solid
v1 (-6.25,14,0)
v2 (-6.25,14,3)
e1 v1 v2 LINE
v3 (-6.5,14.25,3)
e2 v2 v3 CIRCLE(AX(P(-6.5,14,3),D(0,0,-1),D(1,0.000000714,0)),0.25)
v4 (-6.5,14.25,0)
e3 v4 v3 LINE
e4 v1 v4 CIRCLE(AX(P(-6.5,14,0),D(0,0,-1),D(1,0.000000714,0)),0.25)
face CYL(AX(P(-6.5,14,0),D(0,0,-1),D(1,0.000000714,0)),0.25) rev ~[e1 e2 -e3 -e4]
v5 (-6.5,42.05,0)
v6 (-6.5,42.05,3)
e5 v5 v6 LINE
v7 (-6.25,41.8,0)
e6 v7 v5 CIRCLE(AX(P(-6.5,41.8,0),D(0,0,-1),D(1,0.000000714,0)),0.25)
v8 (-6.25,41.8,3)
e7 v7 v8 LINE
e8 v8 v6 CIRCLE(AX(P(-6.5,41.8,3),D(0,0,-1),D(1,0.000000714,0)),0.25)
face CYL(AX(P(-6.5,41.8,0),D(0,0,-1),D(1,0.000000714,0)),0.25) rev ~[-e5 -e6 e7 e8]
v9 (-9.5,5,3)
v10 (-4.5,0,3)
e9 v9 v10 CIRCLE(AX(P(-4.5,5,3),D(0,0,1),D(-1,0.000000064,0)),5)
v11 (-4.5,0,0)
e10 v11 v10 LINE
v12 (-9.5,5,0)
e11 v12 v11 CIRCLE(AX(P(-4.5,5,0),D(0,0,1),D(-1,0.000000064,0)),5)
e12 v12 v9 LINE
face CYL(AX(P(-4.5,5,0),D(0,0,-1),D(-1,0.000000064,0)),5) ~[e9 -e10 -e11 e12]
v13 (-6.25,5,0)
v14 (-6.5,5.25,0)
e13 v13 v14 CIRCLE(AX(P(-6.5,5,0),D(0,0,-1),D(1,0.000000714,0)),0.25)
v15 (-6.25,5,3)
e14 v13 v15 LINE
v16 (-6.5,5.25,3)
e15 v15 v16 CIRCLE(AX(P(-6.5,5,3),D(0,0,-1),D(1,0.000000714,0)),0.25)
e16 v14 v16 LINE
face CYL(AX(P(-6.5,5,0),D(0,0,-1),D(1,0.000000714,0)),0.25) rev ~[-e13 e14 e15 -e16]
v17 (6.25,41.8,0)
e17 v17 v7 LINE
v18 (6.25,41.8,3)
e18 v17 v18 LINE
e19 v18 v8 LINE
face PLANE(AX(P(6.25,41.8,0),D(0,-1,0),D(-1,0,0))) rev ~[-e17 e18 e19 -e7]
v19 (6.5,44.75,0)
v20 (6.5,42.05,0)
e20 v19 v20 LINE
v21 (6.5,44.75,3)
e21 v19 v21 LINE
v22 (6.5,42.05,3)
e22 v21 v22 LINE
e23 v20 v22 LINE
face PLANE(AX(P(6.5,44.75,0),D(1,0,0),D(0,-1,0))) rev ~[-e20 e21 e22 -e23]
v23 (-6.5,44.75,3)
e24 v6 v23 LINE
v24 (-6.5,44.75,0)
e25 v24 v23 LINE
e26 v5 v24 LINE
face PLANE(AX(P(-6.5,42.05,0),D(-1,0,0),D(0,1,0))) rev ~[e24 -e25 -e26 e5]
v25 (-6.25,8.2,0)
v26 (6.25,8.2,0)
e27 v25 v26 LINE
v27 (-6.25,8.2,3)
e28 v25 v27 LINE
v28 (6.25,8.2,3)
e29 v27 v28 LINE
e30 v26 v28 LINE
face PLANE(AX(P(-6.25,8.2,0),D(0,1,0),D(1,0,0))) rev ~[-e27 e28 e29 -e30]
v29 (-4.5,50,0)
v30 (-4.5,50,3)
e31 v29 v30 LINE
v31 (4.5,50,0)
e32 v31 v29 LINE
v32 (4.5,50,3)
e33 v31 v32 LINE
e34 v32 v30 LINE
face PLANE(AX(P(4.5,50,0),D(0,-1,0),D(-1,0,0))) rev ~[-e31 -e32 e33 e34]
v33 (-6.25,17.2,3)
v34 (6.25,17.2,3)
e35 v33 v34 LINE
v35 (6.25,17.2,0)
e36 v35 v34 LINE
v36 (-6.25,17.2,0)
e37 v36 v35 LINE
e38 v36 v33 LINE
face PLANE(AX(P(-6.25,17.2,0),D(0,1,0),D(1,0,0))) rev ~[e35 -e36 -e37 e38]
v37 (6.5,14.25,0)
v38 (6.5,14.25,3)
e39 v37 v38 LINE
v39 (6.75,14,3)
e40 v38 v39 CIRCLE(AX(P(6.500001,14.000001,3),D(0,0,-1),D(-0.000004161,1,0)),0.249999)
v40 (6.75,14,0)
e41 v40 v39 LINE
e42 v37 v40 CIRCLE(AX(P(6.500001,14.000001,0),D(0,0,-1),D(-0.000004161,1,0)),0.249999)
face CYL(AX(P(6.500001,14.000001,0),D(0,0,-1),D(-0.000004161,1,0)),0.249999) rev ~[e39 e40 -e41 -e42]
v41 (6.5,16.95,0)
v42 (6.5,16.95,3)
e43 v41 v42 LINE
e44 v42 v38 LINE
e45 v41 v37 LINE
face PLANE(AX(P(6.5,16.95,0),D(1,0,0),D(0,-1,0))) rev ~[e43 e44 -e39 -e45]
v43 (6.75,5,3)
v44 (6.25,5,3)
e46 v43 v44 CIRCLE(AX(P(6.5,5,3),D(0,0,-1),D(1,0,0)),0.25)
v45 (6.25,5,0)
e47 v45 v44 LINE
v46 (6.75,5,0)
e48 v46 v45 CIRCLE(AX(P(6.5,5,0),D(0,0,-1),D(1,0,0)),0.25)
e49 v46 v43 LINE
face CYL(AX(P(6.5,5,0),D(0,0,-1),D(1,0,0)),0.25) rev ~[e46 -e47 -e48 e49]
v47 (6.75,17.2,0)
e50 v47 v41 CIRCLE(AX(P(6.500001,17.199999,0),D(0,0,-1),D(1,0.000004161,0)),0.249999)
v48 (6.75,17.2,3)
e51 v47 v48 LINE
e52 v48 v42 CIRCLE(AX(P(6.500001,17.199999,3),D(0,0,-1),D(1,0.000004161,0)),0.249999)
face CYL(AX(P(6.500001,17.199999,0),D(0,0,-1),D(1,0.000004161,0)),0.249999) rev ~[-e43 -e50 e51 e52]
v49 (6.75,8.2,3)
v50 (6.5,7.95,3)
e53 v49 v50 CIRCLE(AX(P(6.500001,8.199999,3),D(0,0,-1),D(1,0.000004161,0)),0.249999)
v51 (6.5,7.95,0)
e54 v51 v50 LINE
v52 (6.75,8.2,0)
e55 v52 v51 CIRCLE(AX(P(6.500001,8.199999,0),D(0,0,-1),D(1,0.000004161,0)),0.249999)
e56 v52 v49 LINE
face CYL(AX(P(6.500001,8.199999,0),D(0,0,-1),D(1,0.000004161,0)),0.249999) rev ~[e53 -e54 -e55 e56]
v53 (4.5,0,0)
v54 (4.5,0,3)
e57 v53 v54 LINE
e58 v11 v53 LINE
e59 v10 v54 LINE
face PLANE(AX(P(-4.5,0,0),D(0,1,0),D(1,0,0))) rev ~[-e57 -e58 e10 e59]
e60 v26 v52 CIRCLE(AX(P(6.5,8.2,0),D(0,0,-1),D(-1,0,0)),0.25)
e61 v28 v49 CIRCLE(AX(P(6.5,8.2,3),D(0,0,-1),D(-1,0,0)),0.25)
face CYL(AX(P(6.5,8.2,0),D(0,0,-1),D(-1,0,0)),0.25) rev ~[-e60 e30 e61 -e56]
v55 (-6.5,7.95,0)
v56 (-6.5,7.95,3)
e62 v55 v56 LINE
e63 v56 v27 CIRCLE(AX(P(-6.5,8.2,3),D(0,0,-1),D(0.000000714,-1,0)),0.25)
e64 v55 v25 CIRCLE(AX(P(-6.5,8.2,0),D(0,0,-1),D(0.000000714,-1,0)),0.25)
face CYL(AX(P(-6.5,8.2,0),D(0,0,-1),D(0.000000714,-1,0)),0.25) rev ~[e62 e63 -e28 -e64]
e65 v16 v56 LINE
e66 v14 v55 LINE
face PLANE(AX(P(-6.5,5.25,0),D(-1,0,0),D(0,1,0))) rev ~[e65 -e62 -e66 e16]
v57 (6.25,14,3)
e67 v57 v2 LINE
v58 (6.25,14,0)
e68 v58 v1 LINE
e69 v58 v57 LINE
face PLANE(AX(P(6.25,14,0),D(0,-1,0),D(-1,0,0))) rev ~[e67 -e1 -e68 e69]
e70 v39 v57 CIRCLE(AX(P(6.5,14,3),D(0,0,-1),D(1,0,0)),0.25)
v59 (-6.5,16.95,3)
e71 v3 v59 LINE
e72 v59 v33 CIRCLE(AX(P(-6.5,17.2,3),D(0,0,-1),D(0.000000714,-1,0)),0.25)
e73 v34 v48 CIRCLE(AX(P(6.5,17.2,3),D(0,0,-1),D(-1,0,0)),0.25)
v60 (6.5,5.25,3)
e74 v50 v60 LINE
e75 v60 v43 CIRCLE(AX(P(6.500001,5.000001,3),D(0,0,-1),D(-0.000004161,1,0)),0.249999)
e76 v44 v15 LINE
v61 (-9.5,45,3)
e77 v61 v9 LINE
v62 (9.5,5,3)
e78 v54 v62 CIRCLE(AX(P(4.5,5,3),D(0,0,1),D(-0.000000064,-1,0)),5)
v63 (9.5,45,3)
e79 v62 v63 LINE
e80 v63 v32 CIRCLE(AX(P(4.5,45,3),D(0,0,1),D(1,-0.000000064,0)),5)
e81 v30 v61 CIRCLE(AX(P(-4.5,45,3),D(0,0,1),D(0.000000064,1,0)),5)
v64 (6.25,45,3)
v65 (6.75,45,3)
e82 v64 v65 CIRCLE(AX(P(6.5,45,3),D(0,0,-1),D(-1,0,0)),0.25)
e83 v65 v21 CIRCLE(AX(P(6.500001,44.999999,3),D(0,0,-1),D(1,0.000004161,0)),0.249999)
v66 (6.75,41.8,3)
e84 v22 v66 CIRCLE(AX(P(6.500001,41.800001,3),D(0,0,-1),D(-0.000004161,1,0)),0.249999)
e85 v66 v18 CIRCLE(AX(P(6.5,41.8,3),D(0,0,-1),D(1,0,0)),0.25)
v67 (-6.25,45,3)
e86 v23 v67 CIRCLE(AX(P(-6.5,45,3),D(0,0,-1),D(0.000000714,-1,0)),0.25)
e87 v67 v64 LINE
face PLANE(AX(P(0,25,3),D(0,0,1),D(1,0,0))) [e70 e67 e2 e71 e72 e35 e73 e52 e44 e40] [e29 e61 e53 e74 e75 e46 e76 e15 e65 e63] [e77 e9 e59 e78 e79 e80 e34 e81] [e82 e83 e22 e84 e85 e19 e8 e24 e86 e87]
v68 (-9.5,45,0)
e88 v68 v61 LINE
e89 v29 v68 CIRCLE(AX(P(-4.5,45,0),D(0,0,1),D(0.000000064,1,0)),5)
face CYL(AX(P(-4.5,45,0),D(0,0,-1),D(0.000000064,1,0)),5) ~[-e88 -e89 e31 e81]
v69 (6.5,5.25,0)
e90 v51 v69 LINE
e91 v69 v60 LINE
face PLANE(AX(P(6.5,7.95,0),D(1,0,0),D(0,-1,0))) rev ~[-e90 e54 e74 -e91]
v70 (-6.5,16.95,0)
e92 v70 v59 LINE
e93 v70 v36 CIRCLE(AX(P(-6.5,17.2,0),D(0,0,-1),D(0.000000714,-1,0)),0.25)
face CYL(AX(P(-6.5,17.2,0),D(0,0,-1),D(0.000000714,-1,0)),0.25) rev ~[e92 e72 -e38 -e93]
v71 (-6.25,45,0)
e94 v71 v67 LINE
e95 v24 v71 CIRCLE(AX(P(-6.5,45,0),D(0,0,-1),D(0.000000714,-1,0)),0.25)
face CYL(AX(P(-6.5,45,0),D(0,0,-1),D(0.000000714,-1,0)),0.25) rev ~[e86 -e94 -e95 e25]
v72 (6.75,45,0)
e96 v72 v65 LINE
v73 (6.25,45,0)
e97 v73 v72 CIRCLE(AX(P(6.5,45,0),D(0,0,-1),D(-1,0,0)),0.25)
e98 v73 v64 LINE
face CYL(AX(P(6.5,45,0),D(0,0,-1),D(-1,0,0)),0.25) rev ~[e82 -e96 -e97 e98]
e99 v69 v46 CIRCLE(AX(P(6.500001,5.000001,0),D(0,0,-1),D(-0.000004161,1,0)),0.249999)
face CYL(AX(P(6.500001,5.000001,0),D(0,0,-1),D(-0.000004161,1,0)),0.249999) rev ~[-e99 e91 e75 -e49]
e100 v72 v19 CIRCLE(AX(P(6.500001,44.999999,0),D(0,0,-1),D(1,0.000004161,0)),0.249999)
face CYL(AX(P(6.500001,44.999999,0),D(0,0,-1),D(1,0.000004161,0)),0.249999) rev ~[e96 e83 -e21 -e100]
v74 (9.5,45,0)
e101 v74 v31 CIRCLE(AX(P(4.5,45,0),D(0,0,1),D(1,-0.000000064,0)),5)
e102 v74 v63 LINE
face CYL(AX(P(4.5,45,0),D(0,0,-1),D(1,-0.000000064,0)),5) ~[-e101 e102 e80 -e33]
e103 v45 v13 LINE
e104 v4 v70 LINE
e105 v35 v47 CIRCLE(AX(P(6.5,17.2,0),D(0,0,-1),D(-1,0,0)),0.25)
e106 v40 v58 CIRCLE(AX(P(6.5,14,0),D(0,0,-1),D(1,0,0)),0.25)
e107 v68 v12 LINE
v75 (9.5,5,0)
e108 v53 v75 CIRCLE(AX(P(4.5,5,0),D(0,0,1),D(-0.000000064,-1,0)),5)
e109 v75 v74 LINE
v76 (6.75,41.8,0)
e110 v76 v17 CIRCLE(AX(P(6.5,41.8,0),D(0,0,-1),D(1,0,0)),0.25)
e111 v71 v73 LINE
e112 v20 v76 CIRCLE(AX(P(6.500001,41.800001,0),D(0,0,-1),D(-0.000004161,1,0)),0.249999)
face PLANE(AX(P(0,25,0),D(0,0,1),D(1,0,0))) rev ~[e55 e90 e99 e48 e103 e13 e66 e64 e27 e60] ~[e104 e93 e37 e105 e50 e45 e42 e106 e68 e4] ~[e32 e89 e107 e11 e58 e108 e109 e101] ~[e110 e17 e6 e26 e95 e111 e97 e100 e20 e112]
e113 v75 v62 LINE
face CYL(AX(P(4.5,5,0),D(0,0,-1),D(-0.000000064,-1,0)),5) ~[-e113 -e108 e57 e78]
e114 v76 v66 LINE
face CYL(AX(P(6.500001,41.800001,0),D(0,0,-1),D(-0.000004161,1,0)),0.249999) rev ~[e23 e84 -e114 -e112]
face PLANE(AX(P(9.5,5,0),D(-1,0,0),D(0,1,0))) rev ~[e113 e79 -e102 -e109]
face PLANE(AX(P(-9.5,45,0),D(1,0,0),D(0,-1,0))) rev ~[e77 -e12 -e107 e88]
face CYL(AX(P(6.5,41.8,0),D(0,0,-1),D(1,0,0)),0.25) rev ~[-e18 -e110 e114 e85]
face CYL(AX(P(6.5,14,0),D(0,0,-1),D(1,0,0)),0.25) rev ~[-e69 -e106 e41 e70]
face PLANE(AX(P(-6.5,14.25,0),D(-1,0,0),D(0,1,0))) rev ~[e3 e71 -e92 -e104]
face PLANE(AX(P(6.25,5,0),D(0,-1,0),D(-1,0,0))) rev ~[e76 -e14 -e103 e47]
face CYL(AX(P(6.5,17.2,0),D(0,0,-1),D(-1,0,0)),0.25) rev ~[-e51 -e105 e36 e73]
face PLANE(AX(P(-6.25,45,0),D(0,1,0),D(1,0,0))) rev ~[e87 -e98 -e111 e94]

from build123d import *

# Parameters (mm, degrees)
F1_DEPTH = 3


with BuildPart() as f1:
    # F0 (on Top) → F1 (new body)
    with BuildSketch(Plane.XY):
        with BuildLine():
            Line((4.5, 50), (-4.5, 50))
            ThreePointArc((-4.5, 50), (-8.035534, 48.535534), (-9.5, 45))
            Line((-9.5, 45), (-9.5, 5))
            ThreePointArc((-9.5, 5), (-8.035534, 1.464466), (-4.5, 0))
            Line((-4.5, 0), (4.5, 0))
            ThreePointArc((4.5, 0), (8.035534, 1.464466), (9.5, 5))
            Line((9.5, 5), (9.5, 45))
            ThreePointArc((9.5, 45), (8.035534, 48.535534), (4.5, 50))
        make_face()
        with BuildLine():
            ThreePointArc((-6.5, 7.95), (-6.676777, 8.376777), (-6.25, 8.2))
            Line((-6.25, 8.2), (6.25, 8.2))
            ThreePointArc((6.25, 8.2), (6.5, 8.45), (6.75, 8.2))
            ThreePointArc((6.75, 8.2), (6.676777, 8.023223), (6.5, 7.95))
            Line((6.5, 7.95), (6.5, 5.25))
            ThreePointArc((6.5, 5.25), (6.676777, 5.176777), (6.75, 5))
            ThreePointArc((6.75, 5), (6.5, 4.75), (6.25, 5))
            Line((6.25, 5), (-6.25, 5))
            ThreePointArc((-6.25, 5), (-6.676777, 4.823223), (-6.5, 5.25))
            Line((-6.5, 5.25), (-6.5, 7.95))
        make_face(mode=Mode.SUBTRACT)
        with BuildLine():
            ThreePointArc((-6.5, 16.95), (-6.676777, 17.376777), (-6.25, 17.2))
            Line((-6.25, 17.2), (6.25, 17.2))
            ThreePointArc((6.25, 17.2), (6.5, 17.45), (6.75, 17.2))
            ThreePointArc((6.75, 17.2), (6.676777, 17.023223), (6.5, 16.95))
            Line((6.5, 16.95), (6.5, 14.25))
            ThreePointArc((6.5, 14.25), (6.676777, 14.176777), (6.75, 14))
            ThreePointArc((6.75, 14), (6.5, 13.75), (6.25, 14))
            Line((6.25, 14), (-6.25, 14))
            ThreePointArc((-6.25, 14), (-6.676777, 13.823223), (-6.5, 14.25))
            Line((-6.5, 14.25), (-6.5, 16.95))
        make_face(mode=Mode.SUBTRACT)
        with BuildLine():
            ThreePointArc((-6.5, 44.75), (-6.676777, 45.176777), (-6.25, 45))
            Line((-6.25, 45), (6.25, 45))
            ThreePointArc((6.25, 45), (6.5, 45.25), (6.75, 45))
            ThreePointArc((6.75, 45), (6.676777, 44.823223), (6.5, 44.75))
            Line((6.5, 44.75), (6.5, 42.05))
            ThreePointArc((6.5, 42.05), (6.676777, 41.976777), (6.75, 41.8))
            ThreePointArc((6.75, 41.8), (6.5, 41.55), (6.25, 41.8))
            Line((6.25, 41.8), (-6.25, 41.8))
            ThreePointArc((-6.25, 41.8), (-6.676777, 41.623223), (-6.5, 42.05))
            Line((-6.5, 42.05), (-6.5, 44.75))
        make_face(mode=Mode.SUBTRACT)
    extrude(amount=F1_DEPTH)


solid = f1.part
